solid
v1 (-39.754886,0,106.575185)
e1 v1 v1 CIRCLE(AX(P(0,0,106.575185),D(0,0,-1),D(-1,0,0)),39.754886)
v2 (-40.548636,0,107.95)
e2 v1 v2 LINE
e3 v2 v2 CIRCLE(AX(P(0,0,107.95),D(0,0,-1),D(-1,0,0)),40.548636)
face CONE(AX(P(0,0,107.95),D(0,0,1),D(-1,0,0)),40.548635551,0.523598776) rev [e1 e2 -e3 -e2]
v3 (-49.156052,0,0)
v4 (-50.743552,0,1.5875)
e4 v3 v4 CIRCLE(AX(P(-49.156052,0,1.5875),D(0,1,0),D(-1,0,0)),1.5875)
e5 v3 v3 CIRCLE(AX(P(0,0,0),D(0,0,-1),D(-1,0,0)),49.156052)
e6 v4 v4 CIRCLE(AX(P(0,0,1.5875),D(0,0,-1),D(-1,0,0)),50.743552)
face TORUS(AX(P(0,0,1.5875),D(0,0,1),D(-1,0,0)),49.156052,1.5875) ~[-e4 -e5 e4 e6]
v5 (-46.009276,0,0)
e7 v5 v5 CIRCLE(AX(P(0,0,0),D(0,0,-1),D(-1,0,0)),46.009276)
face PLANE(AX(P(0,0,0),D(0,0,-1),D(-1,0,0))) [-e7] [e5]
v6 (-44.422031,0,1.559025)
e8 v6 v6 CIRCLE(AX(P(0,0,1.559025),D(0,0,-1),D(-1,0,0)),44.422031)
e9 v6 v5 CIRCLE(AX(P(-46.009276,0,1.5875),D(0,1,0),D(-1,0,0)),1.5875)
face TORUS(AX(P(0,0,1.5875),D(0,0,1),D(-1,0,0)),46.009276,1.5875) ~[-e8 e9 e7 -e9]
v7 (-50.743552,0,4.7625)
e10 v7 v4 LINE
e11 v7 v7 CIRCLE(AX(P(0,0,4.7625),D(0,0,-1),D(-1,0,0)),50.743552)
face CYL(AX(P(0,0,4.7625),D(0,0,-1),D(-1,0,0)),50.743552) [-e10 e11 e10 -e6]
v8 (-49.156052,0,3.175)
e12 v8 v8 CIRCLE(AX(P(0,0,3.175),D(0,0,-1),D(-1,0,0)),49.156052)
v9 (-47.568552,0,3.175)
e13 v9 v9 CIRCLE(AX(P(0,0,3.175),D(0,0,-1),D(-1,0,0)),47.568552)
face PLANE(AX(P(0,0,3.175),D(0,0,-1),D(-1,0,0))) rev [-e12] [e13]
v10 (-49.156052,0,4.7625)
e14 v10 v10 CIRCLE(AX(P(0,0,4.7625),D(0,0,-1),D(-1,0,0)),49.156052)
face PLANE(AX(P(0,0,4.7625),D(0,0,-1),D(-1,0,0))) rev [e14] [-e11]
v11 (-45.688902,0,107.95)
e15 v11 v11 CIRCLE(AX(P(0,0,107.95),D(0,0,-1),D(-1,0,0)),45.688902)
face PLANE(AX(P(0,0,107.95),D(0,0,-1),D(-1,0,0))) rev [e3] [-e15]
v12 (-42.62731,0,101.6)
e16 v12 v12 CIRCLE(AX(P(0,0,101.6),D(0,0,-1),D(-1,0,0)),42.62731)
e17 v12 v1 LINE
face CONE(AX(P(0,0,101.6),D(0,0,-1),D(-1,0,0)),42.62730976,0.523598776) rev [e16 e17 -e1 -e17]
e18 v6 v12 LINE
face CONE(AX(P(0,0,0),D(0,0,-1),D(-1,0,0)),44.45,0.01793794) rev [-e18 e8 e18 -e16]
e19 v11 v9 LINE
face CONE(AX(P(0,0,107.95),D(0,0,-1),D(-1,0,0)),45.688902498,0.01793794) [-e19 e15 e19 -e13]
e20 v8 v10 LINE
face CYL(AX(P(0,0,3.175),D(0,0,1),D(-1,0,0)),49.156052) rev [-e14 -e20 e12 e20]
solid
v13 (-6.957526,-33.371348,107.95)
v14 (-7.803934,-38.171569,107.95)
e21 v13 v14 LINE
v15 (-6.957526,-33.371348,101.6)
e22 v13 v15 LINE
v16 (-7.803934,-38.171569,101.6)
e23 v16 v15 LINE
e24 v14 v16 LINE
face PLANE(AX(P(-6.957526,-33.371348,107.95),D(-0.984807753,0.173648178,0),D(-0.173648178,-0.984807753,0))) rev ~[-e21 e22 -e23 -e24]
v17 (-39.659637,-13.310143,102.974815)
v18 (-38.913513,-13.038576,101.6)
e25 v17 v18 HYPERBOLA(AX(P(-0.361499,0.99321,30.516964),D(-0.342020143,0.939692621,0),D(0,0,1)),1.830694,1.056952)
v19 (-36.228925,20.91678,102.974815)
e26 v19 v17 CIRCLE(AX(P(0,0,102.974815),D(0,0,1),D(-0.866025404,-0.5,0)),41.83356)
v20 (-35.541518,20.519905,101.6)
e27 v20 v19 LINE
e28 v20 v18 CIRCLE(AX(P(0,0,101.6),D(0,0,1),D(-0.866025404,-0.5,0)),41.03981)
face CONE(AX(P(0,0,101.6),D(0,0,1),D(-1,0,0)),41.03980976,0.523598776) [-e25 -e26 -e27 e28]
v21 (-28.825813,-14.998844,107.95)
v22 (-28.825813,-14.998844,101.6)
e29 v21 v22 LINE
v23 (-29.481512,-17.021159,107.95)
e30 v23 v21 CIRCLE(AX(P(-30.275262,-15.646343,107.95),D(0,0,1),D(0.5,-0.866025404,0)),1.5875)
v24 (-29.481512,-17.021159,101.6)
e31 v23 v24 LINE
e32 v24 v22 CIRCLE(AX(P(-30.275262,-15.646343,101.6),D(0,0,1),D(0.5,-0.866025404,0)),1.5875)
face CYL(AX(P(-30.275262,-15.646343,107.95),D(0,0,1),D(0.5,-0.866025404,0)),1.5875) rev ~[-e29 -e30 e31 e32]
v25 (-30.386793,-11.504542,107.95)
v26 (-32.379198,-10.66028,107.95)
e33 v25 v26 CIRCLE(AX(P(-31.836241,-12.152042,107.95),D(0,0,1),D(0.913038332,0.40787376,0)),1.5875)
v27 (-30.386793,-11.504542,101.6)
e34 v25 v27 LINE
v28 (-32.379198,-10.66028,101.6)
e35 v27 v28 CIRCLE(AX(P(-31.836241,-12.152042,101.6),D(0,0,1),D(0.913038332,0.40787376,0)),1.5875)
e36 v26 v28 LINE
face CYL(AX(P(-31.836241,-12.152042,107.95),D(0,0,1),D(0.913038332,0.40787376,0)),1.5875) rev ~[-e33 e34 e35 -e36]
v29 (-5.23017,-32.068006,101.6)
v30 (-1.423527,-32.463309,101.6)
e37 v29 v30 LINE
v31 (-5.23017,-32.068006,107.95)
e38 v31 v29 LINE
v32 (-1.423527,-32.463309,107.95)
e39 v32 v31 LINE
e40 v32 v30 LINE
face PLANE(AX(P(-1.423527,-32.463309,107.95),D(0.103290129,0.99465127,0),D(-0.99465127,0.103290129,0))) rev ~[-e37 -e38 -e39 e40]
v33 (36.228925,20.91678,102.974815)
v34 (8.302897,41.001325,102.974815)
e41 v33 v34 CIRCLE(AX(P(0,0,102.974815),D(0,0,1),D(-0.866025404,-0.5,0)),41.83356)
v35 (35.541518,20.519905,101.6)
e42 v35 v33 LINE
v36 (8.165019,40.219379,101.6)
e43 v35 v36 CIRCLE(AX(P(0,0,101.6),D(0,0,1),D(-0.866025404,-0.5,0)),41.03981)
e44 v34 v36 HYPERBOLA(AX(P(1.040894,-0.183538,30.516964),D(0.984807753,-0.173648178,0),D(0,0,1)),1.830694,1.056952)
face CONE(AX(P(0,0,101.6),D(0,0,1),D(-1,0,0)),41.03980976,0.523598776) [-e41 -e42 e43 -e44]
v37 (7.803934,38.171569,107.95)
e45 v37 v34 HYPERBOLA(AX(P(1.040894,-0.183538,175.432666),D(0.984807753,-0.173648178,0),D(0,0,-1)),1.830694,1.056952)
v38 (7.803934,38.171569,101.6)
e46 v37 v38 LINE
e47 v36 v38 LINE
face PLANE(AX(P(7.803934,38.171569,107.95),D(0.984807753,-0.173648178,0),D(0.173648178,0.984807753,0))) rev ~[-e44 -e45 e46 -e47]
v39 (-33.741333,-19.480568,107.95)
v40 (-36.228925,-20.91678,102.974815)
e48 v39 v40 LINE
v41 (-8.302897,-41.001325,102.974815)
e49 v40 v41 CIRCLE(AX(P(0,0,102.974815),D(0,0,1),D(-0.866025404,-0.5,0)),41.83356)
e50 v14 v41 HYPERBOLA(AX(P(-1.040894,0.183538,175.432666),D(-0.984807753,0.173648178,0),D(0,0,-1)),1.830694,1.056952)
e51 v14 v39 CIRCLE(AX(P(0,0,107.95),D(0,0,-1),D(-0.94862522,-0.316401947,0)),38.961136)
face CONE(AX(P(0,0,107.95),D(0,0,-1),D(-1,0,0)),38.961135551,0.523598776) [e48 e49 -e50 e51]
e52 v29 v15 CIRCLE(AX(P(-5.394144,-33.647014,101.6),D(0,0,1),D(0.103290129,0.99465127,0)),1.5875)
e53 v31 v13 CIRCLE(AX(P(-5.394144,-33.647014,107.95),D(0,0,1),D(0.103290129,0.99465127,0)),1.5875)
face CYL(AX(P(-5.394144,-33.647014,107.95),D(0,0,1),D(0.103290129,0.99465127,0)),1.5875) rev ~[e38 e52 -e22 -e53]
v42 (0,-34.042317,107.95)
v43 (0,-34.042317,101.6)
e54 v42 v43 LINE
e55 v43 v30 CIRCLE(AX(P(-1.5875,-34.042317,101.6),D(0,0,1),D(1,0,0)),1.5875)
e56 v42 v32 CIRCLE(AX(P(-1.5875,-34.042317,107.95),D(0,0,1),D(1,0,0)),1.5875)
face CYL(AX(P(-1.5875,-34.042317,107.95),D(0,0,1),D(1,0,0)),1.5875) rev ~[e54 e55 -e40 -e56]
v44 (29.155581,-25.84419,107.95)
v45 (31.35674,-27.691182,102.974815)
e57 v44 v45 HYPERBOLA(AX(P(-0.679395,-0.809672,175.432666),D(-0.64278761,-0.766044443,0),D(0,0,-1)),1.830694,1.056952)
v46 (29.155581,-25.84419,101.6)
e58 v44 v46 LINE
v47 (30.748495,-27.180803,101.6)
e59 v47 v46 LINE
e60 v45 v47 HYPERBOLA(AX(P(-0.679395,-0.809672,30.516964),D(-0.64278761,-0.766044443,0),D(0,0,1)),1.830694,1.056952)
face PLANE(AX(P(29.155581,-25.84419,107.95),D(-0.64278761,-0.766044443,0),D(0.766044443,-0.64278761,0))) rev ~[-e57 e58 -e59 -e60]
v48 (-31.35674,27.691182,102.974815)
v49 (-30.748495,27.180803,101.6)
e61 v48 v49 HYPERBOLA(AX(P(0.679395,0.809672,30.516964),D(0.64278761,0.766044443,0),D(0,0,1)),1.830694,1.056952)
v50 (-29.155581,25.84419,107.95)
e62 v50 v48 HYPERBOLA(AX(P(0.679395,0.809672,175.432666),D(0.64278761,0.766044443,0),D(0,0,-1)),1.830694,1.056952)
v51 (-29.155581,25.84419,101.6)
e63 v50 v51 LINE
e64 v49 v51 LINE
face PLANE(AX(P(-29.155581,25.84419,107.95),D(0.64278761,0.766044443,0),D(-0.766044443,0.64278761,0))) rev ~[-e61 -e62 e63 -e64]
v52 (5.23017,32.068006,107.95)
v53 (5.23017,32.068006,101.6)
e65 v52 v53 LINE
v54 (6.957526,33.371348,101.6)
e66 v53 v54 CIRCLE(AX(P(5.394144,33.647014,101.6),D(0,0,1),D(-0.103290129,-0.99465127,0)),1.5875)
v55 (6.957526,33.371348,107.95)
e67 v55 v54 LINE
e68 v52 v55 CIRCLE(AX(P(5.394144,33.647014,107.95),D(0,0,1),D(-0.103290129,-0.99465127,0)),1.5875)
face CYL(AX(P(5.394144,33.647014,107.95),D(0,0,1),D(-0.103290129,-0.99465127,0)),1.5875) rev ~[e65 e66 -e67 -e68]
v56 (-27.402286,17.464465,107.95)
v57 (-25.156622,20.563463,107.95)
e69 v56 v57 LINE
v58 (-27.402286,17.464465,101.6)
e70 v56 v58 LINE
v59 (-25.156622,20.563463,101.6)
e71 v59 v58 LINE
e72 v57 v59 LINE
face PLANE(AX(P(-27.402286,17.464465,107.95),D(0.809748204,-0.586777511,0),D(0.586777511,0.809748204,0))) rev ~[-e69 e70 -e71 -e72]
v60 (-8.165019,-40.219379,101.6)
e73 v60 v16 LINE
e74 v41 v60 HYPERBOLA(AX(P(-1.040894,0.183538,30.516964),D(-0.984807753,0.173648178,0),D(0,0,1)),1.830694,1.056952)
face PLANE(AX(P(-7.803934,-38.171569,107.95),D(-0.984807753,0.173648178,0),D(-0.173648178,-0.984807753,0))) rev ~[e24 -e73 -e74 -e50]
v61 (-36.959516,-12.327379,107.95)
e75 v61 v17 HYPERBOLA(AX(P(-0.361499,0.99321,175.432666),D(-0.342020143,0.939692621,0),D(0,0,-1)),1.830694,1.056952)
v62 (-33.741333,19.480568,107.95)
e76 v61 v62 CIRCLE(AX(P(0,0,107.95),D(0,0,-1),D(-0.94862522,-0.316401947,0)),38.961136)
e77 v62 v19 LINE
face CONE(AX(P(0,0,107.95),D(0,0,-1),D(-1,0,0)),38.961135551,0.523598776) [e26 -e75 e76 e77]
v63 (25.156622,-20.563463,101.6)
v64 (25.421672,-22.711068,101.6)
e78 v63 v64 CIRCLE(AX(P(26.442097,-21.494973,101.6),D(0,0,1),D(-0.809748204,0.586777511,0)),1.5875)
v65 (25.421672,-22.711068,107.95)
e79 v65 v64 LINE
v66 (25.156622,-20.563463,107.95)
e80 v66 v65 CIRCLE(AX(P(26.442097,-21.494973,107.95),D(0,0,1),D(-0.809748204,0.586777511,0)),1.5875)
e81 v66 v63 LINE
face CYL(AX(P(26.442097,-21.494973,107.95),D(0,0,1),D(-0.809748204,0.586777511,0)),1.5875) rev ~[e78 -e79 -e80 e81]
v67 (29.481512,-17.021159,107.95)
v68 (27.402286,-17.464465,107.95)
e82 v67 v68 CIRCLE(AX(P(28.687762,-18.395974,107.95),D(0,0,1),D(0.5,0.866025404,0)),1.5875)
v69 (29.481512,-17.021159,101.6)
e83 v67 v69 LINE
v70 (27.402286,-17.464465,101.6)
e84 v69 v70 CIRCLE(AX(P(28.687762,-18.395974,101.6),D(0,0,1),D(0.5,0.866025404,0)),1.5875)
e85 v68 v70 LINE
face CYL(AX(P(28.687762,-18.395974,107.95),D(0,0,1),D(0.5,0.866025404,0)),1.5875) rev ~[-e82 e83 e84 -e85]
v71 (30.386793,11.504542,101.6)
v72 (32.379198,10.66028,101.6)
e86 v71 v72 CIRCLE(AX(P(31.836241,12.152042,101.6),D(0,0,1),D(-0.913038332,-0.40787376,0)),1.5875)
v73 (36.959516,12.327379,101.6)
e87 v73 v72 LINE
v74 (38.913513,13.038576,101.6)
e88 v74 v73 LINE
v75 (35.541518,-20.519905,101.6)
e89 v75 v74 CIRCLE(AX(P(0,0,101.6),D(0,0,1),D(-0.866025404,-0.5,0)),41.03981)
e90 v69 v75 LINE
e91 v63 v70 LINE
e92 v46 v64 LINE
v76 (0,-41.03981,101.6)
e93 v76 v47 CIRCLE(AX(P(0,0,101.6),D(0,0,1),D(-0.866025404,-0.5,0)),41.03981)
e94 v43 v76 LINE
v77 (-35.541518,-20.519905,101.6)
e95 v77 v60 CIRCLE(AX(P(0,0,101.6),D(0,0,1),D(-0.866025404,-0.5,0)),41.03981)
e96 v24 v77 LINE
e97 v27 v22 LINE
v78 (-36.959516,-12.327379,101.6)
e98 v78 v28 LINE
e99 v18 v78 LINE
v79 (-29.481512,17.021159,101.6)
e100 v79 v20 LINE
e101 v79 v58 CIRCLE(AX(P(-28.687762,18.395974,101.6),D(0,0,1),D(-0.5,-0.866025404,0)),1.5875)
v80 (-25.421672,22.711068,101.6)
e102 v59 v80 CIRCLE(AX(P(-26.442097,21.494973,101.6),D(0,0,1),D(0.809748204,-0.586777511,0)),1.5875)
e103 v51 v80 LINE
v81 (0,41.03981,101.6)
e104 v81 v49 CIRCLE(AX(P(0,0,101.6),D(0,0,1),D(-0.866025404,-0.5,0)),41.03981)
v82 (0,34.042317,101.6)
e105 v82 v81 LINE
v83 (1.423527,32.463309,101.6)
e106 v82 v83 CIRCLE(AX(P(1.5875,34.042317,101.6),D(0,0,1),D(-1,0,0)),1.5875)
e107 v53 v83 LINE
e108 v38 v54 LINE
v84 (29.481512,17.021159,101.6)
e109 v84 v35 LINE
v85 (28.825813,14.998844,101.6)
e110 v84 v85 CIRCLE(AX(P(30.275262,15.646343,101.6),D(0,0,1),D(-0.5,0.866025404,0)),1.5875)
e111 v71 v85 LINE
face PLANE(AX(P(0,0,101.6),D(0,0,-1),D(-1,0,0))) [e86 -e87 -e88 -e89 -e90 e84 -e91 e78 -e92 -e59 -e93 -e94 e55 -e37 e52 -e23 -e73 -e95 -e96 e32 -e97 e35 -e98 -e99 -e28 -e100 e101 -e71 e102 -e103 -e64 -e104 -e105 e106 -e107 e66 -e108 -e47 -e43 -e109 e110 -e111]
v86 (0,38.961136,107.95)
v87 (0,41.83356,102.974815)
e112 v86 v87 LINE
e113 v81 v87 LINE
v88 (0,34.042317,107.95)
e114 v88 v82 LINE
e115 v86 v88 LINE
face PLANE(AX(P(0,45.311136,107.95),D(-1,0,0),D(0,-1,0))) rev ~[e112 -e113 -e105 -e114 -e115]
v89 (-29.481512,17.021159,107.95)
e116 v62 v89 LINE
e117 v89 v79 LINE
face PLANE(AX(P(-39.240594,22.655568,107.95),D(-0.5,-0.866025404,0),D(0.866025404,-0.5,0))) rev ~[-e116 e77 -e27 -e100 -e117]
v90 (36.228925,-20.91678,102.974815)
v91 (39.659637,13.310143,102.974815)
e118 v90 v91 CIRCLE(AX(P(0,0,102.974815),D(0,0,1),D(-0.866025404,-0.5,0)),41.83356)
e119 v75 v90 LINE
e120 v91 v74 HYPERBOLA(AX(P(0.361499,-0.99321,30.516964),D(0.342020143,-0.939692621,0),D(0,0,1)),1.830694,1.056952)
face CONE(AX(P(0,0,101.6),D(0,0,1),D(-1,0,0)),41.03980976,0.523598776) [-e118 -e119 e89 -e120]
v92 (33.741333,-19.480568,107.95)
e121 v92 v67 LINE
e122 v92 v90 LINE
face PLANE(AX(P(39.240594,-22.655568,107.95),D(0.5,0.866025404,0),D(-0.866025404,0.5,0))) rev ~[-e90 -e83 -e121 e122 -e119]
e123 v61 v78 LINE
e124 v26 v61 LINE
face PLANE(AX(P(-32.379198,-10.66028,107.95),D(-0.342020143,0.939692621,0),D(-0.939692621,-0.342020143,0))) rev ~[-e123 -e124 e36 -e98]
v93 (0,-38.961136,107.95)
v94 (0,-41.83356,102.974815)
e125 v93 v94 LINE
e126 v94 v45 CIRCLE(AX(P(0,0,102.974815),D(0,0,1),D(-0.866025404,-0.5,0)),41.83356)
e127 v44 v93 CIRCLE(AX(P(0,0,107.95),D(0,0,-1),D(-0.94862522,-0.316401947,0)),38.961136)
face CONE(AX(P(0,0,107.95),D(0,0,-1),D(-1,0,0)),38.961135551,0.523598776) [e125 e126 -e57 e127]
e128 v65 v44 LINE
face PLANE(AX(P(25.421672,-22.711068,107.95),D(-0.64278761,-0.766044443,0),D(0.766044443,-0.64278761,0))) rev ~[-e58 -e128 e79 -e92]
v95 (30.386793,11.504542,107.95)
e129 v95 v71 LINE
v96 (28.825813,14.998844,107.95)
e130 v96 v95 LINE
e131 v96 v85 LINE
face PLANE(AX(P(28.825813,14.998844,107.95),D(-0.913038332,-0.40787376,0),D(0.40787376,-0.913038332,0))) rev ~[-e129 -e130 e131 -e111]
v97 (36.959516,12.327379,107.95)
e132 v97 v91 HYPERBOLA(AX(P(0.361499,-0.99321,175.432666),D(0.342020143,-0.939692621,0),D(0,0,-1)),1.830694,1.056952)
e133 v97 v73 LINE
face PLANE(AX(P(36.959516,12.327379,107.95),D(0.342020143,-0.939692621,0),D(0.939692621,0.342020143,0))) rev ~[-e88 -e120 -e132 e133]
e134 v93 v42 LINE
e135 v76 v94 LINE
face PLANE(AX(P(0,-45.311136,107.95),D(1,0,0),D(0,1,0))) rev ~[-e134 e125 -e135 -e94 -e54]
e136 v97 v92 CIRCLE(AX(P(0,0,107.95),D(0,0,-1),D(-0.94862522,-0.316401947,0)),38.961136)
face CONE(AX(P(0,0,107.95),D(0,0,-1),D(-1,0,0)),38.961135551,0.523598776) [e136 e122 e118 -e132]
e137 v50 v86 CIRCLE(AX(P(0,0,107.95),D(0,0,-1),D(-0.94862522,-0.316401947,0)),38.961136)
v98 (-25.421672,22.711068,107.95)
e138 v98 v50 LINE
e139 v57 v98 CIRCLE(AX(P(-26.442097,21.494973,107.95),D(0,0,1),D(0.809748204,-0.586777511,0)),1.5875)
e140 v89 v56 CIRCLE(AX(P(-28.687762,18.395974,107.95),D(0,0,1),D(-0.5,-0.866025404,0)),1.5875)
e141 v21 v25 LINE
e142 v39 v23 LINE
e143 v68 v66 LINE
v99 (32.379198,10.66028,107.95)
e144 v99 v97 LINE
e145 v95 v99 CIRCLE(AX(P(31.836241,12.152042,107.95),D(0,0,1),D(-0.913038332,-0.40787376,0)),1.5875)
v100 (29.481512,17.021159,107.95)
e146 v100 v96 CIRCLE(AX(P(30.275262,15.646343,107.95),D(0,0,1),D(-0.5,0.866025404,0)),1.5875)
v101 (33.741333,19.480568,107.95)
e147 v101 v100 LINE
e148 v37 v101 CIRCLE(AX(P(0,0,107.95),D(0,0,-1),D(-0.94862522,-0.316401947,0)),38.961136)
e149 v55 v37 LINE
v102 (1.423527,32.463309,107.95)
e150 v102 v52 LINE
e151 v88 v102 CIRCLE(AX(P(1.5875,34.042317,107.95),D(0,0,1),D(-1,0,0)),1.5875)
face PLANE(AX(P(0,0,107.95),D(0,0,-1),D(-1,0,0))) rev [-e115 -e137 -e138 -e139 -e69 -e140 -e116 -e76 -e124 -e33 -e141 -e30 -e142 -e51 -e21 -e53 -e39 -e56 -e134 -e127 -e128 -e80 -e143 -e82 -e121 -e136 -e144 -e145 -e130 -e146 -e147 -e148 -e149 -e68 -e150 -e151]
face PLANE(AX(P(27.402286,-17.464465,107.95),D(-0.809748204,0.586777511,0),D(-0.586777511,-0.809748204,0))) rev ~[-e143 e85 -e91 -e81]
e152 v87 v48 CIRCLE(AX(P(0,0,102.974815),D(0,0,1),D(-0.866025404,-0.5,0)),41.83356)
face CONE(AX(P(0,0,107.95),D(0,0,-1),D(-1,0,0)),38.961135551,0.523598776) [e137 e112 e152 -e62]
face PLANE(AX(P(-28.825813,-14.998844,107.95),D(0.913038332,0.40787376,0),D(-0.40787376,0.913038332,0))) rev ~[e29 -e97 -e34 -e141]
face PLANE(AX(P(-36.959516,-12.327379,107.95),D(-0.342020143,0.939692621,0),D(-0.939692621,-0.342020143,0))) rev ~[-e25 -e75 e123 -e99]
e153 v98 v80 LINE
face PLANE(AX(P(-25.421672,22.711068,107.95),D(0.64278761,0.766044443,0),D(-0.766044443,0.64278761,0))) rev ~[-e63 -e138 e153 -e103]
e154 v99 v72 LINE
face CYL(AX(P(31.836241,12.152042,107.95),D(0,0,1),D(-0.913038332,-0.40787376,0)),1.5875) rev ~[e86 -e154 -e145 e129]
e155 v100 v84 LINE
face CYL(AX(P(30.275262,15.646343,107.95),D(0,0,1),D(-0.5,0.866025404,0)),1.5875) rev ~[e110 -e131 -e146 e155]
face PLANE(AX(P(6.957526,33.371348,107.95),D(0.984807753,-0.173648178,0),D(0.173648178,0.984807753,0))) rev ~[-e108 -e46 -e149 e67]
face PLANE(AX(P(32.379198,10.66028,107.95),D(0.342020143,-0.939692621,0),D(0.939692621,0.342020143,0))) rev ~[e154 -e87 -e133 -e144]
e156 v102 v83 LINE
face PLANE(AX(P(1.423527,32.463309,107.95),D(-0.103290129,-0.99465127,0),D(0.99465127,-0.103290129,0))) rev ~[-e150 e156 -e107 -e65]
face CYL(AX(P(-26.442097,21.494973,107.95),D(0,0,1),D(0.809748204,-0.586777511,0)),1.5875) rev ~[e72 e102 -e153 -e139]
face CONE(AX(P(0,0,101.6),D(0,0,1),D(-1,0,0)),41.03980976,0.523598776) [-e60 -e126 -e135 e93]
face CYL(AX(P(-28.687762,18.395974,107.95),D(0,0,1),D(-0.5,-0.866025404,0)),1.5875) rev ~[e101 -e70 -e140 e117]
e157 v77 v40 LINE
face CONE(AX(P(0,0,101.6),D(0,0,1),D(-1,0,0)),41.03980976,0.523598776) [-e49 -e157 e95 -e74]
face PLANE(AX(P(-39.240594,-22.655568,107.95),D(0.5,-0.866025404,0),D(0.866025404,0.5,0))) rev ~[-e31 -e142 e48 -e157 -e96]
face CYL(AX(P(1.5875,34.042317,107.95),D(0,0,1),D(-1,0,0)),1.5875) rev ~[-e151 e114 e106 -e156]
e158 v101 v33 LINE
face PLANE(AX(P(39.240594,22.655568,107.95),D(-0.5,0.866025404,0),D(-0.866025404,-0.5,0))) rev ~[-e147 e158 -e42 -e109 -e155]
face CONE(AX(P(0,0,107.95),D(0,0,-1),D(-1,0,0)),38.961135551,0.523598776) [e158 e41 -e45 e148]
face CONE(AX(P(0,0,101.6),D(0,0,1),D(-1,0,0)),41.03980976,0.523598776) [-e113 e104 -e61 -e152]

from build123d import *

# Parameters (mm, degrees)
F3_SIZE   = 1.5875
F3_2_SIZE = 1.5875
F4_R      = 1.5875
F6_DEPTH  = 25.4
F7_COUNT  = 6


with BuildPart() as f1:
    # F0 (on Front) → F1 (revolve)
    with BuildSketch(Plane.XZ):
        Polygon((-50.7435518079, 0), (-44.45, 0), (-42.6273097603, 101.6), (-38.961135551, 107.95), (-45.6889024982, 107.95), (-47.5685518079, 3.175), (-49.1560518079, 3.175), (-49.1560518079, 4.7625), (-50.7435518079, 4.7625), align=None)
    revolve(axis=Axis((0, 0, 104.775), (0, 0, -1)))

    # F3
    f3_edges = [f1.edges().sort_by_distance(p)[0] for p in [
        (38.961136, 0, 107.95),
    ]]
    chamfer(f3_edges, length=F3_SIZE)

    # F4
    f4_edges = [f1.edges().sort_by_distance(p)[0] for p in [
        (44.45, 0, 0),
        (50.743552, 0, 0),
    ]]
    fillet(f4_edges, radius=F4_R)


with BuildPart() as f2:
    # F0 (on Front) → F2 (revolve)
    with BuildSketch(Plane.XZ):
        Polygon((-38.961135551, 107.95), (-42.6273097603, 101.6), (0, 101.6), (0, 107.95), align=None)
    revolve(axis=Axis((0, 0, 104.775), (0, 0, -1)))

    # F3#2
    f3_2_edges = [f2.edges().sort_by_distance(p)[0] for p in [
        (42.62731, 0, 101.6),
    ]]
    chamfer(f3_2_edges, length=F3_2_SIZE)


with BuildPart() as f6:
    # F5 (on face) → F6 (new body)
    with BuildSketch(Plane.XY.offset(107.95)):
        with BuildLine():
            Line((7.8039343776, 38.1715691536), (8.906949362, 44.4270779816))
            ThreePointArc((8.906949362, 44.4270779816), (4.4753576595, 45.0895794917), (0, 45.311135551))
            Line((0, 45.311135551), (0, 38.961135551))
            ThreePointArc((0, 38.961135551), (3.9218875196, 38.7632413725), (7.8039343776, 38.1715691536))
        make_face()
        with BuildLine():
            Line((6.9575258612, 33.3713479229), (7.8039343776, 38.1715691536))
            ThreePointArc((7.8039343776, 38.1715691536), (3.9218875196, 38.7632413725), (0, 38.961135551))
            Line((0, 38.961135551), (0, 34.042317477))
            ThreePointArc((0, 34.042317477), (0.4084191051, 32.9793384117), (1.4235269206, 32.4633085856))
            Line((1.4235269206, 32.4633085856), (5.2301704739, 32.0680055135))
            ThreePointArc((5.2301704739, 32.0680055135), (6.3503139912, 32.3797755389), (6.9575258612, 33.3713479229))
        make_face()
    extrude(amount=-F6_DEPTH)


with BuildPart() as f7_1:
    # F7: instance of F6
    add(f6.part.rotate(Axis((0, 0, 104.775), (0, 0, -1)), 1 * 360 / F7_COUNT))


with BuildPart() as f7_2:
    # F7: instance of F6
    add(f6.part.rotate(Axis((0, 0, 104.775), (0, 0, -1)), 2 * 360 / F7_COUNT))


with BuildPart() as f7_3:
    # F7: instance of F6
    add(f6.part.rotate(Axis((0, 0, 104.775), (0, 0, -1)), 3 * 360 / F7_COUNT))


with BuildPart() as f7_4:
    # F7: instance of F6
    add(f6.part.rotate(Axis((0, 0, 104.775), (0, 0, -1)), 4 * 360 / F7_COUNT))


with BuildPart() as f7_5:
    # F7: instance of F6
    add(f6.part.rotate(Axis((0, 0, 104.775), (0, 0, -1)), 5 * 360 / F7_COUNT))


with BuildPart() as f2_1:
    add(f2.part)

    # F8: cut F7_4, F7_3, F7_2, F7_1, F6, F7_5
    add(f7_4.part, mode=Mode.SUBTRACT)
    add(f7_3.part, mode=Mode.SUBTRACT)
    add(f7_2.part, mode=Mode.SUBTRACT)
    add(f7_1.part, mode=Mode.SUBTRACT)
    add(f6.part, mode=Mode.SUBTRACT)
    add(f7_5.part, mode=Mode.SUBTRACT)


solid = Compound([f1.part, f2_1.part])
